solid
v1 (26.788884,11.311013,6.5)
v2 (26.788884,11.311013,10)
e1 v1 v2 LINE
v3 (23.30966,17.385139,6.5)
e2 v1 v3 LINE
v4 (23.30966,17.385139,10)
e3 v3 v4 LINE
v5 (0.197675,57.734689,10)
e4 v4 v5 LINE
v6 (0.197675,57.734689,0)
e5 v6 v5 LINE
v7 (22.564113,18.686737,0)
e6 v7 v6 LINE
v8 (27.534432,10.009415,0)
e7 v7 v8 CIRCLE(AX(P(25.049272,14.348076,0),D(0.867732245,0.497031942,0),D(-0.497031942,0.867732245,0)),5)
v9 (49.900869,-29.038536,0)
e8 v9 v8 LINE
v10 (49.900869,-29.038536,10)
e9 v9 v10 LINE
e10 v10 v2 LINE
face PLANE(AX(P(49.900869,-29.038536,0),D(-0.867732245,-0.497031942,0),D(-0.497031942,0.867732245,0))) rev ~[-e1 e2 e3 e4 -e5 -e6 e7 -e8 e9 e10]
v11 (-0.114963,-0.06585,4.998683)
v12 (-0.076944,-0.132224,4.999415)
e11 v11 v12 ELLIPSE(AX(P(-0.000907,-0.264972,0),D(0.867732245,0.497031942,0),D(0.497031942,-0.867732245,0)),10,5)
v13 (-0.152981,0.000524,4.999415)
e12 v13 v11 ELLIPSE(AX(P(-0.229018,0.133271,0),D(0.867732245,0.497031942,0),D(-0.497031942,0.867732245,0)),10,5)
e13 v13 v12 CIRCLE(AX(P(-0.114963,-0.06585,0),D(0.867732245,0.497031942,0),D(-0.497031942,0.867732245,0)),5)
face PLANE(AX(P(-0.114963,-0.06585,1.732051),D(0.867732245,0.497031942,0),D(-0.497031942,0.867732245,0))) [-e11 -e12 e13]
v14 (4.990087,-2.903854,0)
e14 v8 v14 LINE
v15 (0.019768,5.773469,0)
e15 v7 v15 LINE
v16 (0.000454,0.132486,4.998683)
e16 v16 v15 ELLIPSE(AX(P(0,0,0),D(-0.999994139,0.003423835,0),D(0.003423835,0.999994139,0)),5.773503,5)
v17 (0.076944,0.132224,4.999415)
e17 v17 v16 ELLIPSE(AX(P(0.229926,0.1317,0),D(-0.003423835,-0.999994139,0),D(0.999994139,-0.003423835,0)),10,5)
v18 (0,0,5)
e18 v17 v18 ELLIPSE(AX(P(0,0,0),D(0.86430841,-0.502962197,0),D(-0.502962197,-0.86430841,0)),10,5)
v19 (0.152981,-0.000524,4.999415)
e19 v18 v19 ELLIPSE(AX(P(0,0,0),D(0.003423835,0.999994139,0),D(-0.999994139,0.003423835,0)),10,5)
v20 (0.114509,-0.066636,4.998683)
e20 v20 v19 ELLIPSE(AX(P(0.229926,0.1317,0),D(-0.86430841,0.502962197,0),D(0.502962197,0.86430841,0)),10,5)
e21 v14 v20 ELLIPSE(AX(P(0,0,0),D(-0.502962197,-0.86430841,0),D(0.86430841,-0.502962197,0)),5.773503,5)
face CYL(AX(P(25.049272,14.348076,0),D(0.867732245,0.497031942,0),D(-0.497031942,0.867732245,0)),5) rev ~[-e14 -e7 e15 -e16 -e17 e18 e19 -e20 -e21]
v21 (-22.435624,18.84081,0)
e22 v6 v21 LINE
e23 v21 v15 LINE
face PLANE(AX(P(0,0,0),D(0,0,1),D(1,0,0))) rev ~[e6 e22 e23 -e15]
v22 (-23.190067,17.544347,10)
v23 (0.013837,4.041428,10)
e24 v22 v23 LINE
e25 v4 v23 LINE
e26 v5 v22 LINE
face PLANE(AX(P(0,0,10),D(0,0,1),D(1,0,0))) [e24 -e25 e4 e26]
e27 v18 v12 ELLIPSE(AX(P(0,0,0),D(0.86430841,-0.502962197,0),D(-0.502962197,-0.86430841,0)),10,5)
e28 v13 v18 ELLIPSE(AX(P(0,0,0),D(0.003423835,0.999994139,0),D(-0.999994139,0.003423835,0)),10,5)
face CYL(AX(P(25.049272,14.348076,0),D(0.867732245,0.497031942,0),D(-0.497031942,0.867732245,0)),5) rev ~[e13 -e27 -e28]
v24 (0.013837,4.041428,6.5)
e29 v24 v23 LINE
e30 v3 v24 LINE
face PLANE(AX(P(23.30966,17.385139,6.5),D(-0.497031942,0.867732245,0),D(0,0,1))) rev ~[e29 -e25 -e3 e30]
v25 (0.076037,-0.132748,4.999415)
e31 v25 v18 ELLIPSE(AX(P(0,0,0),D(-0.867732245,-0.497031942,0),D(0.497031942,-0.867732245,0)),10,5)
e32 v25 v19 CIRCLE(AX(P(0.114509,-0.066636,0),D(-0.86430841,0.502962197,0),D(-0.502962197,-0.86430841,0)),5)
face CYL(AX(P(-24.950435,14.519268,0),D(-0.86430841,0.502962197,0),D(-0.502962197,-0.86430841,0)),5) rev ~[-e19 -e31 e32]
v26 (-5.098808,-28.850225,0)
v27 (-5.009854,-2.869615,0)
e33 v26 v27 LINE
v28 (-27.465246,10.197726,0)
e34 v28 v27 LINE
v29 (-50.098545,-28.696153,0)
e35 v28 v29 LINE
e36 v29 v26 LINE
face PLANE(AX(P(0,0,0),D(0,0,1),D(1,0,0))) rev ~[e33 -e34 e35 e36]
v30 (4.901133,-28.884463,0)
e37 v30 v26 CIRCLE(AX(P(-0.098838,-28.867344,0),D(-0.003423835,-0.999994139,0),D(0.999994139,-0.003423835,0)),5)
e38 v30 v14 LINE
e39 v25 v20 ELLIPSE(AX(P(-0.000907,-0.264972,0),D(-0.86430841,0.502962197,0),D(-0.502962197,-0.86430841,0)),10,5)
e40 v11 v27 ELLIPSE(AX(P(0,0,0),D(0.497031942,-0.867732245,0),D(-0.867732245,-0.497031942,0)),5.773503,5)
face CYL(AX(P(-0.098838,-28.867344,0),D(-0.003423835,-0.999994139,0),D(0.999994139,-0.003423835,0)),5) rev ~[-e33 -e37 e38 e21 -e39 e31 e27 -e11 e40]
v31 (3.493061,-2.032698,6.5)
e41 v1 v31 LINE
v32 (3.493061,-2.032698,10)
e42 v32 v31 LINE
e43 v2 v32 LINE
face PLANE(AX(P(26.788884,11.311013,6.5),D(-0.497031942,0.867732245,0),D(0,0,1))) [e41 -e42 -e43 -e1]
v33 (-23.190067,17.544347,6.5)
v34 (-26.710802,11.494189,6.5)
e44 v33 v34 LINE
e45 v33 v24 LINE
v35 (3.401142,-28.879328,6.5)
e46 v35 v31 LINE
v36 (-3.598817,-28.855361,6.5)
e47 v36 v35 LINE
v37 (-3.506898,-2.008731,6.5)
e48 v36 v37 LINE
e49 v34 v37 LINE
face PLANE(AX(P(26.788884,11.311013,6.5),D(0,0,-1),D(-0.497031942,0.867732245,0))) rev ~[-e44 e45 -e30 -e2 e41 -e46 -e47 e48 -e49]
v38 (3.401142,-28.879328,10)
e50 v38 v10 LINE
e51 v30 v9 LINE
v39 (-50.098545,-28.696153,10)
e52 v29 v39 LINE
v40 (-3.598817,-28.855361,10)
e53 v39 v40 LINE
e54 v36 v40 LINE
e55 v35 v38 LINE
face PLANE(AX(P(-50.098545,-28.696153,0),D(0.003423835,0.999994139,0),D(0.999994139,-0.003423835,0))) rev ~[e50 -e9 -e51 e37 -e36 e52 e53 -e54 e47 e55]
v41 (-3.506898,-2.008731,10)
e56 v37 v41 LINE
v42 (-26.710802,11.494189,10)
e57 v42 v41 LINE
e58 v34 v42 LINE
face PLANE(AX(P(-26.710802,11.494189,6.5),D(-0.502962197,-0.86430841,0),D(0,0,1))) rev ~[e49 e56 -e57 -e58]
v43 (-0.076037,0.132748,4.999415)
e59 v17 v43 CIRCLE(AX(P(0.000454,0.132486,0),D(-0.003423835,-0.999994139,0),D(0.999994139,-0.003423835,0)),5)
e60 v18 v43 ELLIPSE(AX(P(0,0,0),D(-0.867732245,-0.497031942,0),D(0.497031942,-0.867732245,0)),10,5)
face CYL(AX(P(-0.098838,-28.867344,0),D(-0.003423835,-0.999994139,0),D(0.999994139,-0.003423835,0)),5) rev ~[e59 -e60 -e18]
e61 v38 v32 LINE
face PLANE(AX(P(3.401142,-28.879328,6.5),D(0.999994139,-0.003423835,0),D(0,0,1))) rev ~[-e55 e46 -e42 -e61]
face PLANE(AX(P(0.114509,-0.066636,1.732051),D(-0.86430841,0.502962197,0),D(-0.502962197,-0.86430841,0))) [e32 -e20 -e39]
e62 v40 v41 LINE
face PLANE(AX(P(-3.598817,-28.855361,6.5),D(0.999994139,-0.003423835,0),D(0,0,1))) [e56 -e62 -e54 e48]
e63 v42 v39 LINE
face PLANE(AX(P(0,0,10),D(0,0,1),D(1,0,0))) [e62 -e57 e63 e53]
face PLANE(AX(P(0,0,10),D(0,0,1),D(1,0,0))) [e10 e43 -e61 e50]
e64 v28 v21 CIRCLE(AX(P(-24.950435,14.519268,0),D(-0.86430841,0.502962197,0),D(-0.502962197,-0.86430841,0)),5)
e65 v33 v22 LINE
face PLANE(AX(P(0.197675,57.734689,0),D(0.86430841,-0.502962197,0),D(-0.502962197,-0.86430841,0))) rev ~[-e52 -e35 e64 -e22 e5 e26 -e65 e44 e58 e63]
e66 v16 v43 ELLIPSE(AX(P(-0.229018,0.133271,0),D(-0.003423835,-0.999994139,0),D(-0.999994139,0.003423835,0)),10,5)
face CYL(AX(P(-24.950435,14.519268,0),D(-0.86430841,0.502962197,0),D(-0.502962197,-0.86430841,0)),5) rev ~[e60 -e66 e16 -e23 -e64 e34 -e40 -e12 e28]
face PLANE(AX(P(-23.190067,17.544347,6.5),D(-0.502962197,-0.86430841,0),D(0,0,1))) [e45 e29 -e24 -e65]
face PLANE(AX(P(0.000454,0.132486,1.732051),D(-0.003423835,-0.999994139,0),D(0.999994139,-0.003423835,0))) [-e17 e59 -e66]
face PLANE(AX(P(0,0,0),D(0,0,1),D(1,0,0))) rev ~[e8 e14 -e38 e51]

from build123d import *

# Parameters (mm, degrees)
F1_DEPTH  = 10
F3_DEPTH  = 29
F5_DEPTH  = 29
F7_DEPTH  = 29
F8_W      = 7
F8_H      = 3.5
F9_DEPTH  = 29
F10_W     = 7
F10_H     = 3.5
F11_DEPTH = 29
F12_W     = 7
F12_H     = 3.5
F13_DEPTH = 29


with BuildPart() as f1:
    # F0 (on Top) → F1 (new body)
    with BuildSketch(Plane.XY):
        Polygon((49.9008693401, -29.0385359899), (0.1976751859, 57.7346885144), (-50.098544526, -28.6961525245), align=None)
    extrude(amount=F1_DEPTH)

    # F2 (on face) → F3 (cut)
    with BuildSketch(Plane(origin=(-0.0988375929, -28.8673442572, 0), x_dir=(0.9999941387, -0.0034238347, 0), z_dir=(-0.0034238347, -0.9999941387, 0))):
        with BuildLine():
            Line((-5, 0), (5, 0))
            ThreePointArc((5, 0), (0, 5), (-5, 0))
        make_face()
    extrude(amount=-F3_DEPTH, mode=Mode.SUBTRACT)

    # F4 (on face) → F5 (cut)
    with BuildSketch(Plane(origin=(-24.9504346701, 14.5192679949, 0), x_dir=(-0.5029621971, -0.8643084104, 0), z_dir=(-0.8643084104, 0.5029621971, 0))):
        with BuildLine():
            Line((-5, 0), (5, 0))
            ThreePointArc((5, 0), (0, 5), (-5, 0))
        make_face()
    extrude(amount=-F5_DEPTH, mode=Mode.SUBTRACT)

    # F6 (on face) → F7 (cut)
    with BuildSketch(Plane(origin=(25.049272263, 14.3480762623, 0), x_dir=(-0.4970319415, 0.867732245, 0), z_dir=(0.867732245, 0.4970319415, 0))):
        with BuildLine():
            Line((-5, 0), (5, 0))
            ThreePointArc((5, 0), (0, 5), (-5, 0))
        make_face()
    extrude(amount=-F7_DEPTH, mode=Mode.SUBTRACT)

    # F8 (on face) → F9 (cut)
    with BuildSketch(Plane(origin=(25.049272263, 14.3480762623, 0), x_dir=(-0.4970319415, 0.867732245, 0), z_dir=(0.867732245, 0.4970319415, 0))):
        with Locations((0, 8.25)):
            Rectangle(F8_W, F8_H)
    extrude(amount=-F9_DEPTH, mode=Mode.SUBTRACT)

    # F10 (on face) → F11 (cut)
    with BuildSketch(Plane(origin=(-24.9504346701, 14.5192679949, 0), x_dir=(-0.5029621971, -0.8643084104, 0), z_dir=(-0.8643084104, 0.5029621971, 0))):
        with Locations((0, 8.25)):
            Rectangle(F10_W, F10_H)
    extrude(amount=-F11_DEPTH, mode=Mode.SUBTRACT)

    # F12 (on face) → F13 (cut)
    with BuildSketch(Plane(origin=(-0.0988375929, -28.8673442572, 0), x_dir=(0.9999941387, -0.0034238347, 0), z_dir=(-0.0034238347, -0.9999941387, 0))):
        with Locations((0, 8.25)):
            Rectangle(F12_W, F12_H)
    extrude(amount=-F13_DEPTH, mode=Mode.SUBTRACT)


solid = f1.part
